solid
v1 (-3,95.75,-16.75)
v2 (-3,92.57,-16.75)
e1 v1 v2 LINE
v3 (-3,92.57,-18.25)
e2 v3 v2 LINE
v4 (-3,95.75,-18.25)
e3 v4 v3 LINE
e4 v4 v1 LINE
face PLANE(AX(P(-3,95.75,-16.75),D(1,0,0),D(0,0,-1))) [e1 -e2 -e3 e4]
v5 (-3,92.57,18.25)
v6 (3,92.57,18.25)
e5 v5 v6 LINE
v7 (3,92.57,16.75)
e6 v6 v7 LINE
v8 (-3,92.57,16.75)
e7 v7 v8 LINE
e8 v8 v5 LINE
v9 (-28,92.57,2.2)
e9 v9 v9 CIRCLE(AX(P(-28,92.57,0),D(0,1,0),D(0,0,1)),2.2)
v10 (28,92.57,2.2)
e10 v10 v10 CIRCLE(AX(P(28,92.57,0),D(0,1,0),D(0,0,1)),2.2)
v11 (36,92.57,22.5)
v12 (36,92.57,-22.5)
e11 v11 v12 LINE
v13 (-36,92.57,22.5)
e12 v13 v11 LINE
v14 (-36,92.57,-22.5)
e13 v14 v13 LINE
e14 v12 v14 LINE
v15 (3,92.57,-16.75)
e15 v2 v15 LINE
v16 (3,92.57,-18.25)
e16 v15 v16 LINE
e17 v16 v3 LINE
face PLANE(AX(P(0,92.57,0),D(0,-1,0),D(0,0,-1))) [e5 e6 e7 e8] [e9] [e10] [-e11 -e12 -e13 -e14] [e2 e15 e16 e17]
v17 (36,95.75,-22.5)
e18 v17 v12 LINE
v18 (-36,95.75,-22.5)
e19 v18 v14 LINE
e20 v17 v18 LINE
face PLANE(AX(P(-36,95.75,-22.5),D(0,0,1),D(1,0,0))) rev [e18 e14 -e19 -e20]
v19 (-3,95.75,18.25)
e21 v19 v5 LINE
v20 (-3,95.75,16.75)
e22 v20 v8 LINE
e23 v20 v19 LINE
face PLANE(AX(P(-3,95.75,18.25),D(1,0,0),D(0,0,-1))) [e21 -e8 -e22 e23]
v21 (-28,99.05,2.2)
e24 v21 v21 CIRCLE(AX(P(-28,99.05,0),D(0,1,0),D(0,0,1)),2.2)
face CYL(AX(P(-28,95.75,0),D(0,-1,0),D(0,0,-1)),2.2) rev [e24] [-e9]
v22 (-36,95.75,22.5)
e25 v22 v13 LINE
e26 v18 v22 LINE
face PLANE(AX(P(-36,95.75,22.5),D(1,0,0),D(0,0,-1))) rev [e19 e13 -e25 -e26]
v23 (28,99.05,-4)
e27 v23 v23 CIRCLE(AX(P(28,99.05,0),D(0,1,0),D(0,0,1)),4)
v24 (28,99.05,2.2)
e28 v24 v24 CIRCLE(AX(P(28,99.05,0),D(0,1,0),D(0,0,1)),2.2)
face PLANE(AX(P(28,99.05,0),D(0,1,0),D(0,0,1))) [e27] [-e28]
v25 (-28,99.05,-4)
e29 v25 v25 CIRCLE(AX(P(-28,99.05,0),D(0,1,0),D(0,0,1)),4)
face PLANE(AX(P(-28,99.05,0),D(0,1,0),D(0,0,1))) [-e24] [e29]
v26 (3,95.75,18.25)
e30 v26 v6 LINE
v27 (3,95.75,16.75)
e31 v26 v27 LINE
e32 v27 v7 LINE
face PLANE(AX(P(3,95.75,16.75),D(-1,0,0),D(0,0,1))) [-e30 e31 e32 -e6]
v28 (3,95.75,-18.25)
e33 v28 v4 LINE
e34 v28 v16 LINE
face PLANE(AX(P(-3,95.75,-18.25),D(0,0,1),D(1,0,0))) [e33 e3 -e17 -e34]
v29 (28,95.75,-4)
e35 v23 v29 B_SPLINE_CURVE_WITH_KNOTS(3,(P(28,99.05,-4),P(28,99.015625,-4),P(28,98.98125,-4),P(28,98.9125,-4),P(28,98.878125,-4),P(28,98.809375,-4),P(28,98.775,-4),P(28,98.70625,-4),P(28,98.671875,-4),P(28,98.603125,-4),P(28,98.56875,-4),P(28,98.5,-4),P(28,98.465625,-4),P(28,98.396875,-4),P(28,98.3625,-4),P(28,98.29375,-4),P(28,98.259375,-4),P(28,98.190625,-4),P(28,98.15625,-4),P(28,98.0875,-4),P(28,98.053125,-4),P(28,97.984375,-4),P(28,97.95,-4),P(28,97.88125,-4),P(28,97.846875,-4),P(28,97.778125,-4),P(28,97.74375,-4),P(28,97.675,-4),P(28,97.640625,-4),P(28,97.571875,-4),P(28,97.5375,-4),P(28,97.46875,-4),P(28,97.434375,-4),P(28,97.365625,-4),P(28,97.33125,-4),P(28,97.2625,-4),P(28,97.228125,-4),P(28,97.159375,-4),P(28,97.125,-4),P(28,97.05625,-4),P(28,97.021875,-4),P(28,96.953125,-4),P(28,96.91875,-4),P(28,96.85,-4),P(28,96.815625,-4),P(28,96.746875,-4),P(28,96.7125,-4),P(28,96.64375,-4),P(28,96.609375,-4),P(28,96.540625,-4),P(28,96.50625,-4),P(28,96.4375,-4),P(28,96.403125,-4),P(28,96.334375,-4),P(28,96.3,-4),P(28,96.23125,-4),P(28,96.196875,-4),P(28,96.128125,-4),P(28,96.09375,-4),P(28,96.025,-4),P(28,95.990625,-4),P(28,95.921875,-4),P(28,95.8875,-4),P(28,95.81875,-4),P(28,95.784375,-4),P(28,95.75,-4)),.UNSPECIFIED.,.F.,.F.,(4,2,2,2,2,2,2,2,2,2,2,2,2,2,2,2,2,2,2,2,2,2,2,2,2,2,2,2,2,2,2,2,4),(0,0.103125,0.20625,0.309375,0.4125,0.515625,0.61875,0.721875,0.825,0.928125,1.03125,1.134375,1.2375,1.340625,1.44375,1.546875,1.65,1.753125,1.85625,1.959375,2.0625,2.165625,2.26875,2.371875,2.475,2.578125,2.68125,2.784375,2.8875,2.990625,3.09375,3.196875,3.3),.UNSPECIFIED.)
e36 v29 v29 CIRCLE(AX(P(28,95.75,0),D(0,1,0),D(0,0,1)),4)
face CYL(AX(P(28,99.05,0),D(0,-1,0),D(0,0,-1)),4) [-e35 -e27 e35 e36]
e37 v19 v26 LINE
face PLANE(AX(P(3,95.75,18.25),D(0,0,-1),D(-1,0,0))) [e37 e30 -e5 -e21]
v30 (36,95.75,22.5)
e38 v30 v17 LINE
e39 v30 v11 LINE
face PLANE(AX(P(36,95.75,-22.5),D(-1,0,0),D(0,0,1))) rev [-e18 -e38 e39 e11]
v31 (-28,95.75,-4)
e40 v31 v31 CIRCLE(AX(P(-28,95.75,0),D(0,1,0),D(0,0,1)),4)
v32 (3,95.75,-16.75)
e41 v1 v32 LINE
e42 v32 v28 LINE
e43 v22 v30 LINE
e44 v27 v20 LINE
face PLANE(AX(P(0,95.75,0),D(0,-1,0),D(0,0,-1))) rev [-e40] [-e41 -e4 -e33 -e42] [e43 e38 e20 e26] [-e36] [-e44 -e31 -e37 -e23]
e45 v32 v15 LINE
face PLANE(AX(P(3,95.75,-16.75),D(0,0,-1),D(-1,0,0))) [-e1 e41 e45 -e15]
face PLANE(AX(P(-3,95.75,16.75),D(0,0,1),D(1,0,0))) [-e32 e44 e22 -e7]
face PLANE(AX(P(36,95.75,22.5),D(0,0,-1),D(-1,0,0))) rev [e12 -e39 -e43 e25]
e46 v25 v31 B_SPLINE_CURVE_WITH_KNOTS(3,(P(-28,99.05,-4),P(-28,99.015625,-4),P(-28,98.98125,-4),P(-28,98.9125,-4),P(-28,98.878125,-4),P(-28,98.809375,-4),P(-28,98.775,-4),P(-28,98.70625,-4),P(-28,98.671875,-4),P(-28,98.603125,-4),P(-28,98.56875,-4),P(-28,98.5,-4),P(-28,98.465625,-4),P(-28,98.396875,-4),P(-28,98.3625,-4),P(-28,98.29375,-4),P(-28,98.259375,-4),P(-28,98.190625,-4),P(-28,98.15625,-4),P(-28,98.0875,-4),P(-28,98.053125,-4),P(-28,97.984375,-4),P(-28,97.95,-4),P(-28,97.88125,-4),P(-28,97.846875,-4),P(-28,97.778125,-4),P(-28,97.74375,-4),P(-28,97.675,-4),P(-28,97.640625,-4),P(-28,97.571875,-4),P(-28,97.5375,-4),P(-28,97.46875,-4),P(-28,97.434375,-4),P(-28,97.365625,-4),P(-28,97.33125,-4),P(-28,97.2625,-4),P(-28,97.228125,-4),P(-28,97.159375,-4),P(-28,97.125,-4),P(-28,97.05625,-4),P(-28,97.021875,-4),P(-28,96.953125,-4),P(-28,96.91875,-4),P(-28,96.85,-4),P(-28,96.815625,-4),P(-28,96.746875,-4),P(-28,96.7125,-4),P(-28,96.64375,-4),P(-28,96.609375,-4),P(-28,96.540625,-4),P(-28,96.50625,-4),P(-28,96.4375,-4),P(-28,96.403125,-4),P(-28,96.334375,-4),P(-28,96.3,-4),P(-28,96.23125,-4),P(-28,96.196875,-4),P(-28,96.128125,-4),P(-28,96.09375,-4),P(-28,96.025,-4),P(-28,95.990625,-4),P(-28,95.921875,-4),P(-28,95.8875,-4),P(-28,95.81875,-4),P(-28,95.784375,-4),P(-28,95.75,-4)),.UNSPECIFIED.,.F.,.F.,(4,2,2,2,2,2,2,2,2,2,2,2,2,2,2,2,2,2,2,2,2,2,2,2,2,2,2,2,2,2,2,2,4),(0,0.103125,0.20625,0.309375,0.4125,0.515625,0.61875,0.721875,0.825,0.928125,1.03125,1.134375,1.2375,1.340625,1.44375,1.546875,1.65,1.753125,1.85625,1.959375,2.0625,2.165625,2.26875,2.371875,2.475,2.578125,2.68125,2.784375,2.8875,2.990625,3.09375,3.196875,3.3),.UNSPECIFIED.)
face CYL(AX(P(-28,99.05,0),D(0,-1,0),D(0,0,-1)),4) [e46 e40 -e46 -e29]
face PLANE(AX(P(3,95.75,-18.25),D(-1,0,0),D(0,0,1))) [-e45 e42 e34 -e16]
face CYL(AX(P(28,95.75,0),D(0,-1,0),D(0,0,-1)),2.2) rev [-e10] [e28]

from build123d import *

# Parameters (mm, degrees)
PLATE_START      = 92.57
PLATE_SKETCH_W   = 72
PLATE_SKETCH_H   = 45
PLATE_SKETCH_R   = 2.2
PLATE_SKETCH_W_2 = 6
PLATE_SKETCH_H_2 = 1.5
PLATE_DEPTH      = 3.18
PADS_START       = 95.75
PADS_SKETCH_R    = 4
PADS_SKETCH_R_2  = 2.2
PADS_DEPTH       = 3.3


with BuildPart() as part:
    # Plate Sketch → Plate (new body)
    with BuildSketch(Plane(origin=(0, 0, 0), x_dir=(1, 0, 0), z_dir=(0, 1, 0)).offset(PLATE_START)):
        Rectangle(PLATE_SKETCH_W, PLATE_SKETCH_H)
        with Locations((-28, 0)):
            Circle(PLATE_SKETCH_R, mode=Mode.SUBTRACT)
        with Locations((28, 0)):
            Circle(PLATE_SKETCH_R, mode=Mode.SUBTRACT)
        with Locations((0, 17.5)):
            Rectangle(PLATE_SKETCH_W_2, PLATE_SKETCH_H_2, mode=Mode.SUBTRACT)
        with Locations((0, -17.5)):
            Rectangle(PLATE_SKETCH_W_2, PLATE_SKETCH_H_2, mode=Mode.SUBTRACT)
    extrude(amount=PLATE_DEPTH)

    # Pads Sketch → Pads (add)
    # profile 1 of 2: a face of its own
    with BuildSketch(Plane(origin=(0, 0, 0), x_dir=(1, 0, 0), z_dir=(0, 1, 0)).offset(PADS_START)):
        with Locations((-28, 0)):
            Circle(PADS_SKETCH_R)
        with Locations((-28, 0)):
            Circle(PADS_SKETCH_R_2, mode=Mode.SUBTRACT)
    # profile 2 of 2: a face of its own
    with BuildSketch(Plane(origin=(0, 0, 0), x_dir=(1, 0, 0), z_dir=(0, 1, 0)).offset(PADS_START)):
        with Locations((28, 0)):
            Circle(PADS_SKETCH_R)
        with Locations((28, 0)):
            Circle(PADS_SKETCH_R_2, mode=Mode.SUBTRACT)
    extrude(amount=PADS_DEPTH)


solid = part.part
